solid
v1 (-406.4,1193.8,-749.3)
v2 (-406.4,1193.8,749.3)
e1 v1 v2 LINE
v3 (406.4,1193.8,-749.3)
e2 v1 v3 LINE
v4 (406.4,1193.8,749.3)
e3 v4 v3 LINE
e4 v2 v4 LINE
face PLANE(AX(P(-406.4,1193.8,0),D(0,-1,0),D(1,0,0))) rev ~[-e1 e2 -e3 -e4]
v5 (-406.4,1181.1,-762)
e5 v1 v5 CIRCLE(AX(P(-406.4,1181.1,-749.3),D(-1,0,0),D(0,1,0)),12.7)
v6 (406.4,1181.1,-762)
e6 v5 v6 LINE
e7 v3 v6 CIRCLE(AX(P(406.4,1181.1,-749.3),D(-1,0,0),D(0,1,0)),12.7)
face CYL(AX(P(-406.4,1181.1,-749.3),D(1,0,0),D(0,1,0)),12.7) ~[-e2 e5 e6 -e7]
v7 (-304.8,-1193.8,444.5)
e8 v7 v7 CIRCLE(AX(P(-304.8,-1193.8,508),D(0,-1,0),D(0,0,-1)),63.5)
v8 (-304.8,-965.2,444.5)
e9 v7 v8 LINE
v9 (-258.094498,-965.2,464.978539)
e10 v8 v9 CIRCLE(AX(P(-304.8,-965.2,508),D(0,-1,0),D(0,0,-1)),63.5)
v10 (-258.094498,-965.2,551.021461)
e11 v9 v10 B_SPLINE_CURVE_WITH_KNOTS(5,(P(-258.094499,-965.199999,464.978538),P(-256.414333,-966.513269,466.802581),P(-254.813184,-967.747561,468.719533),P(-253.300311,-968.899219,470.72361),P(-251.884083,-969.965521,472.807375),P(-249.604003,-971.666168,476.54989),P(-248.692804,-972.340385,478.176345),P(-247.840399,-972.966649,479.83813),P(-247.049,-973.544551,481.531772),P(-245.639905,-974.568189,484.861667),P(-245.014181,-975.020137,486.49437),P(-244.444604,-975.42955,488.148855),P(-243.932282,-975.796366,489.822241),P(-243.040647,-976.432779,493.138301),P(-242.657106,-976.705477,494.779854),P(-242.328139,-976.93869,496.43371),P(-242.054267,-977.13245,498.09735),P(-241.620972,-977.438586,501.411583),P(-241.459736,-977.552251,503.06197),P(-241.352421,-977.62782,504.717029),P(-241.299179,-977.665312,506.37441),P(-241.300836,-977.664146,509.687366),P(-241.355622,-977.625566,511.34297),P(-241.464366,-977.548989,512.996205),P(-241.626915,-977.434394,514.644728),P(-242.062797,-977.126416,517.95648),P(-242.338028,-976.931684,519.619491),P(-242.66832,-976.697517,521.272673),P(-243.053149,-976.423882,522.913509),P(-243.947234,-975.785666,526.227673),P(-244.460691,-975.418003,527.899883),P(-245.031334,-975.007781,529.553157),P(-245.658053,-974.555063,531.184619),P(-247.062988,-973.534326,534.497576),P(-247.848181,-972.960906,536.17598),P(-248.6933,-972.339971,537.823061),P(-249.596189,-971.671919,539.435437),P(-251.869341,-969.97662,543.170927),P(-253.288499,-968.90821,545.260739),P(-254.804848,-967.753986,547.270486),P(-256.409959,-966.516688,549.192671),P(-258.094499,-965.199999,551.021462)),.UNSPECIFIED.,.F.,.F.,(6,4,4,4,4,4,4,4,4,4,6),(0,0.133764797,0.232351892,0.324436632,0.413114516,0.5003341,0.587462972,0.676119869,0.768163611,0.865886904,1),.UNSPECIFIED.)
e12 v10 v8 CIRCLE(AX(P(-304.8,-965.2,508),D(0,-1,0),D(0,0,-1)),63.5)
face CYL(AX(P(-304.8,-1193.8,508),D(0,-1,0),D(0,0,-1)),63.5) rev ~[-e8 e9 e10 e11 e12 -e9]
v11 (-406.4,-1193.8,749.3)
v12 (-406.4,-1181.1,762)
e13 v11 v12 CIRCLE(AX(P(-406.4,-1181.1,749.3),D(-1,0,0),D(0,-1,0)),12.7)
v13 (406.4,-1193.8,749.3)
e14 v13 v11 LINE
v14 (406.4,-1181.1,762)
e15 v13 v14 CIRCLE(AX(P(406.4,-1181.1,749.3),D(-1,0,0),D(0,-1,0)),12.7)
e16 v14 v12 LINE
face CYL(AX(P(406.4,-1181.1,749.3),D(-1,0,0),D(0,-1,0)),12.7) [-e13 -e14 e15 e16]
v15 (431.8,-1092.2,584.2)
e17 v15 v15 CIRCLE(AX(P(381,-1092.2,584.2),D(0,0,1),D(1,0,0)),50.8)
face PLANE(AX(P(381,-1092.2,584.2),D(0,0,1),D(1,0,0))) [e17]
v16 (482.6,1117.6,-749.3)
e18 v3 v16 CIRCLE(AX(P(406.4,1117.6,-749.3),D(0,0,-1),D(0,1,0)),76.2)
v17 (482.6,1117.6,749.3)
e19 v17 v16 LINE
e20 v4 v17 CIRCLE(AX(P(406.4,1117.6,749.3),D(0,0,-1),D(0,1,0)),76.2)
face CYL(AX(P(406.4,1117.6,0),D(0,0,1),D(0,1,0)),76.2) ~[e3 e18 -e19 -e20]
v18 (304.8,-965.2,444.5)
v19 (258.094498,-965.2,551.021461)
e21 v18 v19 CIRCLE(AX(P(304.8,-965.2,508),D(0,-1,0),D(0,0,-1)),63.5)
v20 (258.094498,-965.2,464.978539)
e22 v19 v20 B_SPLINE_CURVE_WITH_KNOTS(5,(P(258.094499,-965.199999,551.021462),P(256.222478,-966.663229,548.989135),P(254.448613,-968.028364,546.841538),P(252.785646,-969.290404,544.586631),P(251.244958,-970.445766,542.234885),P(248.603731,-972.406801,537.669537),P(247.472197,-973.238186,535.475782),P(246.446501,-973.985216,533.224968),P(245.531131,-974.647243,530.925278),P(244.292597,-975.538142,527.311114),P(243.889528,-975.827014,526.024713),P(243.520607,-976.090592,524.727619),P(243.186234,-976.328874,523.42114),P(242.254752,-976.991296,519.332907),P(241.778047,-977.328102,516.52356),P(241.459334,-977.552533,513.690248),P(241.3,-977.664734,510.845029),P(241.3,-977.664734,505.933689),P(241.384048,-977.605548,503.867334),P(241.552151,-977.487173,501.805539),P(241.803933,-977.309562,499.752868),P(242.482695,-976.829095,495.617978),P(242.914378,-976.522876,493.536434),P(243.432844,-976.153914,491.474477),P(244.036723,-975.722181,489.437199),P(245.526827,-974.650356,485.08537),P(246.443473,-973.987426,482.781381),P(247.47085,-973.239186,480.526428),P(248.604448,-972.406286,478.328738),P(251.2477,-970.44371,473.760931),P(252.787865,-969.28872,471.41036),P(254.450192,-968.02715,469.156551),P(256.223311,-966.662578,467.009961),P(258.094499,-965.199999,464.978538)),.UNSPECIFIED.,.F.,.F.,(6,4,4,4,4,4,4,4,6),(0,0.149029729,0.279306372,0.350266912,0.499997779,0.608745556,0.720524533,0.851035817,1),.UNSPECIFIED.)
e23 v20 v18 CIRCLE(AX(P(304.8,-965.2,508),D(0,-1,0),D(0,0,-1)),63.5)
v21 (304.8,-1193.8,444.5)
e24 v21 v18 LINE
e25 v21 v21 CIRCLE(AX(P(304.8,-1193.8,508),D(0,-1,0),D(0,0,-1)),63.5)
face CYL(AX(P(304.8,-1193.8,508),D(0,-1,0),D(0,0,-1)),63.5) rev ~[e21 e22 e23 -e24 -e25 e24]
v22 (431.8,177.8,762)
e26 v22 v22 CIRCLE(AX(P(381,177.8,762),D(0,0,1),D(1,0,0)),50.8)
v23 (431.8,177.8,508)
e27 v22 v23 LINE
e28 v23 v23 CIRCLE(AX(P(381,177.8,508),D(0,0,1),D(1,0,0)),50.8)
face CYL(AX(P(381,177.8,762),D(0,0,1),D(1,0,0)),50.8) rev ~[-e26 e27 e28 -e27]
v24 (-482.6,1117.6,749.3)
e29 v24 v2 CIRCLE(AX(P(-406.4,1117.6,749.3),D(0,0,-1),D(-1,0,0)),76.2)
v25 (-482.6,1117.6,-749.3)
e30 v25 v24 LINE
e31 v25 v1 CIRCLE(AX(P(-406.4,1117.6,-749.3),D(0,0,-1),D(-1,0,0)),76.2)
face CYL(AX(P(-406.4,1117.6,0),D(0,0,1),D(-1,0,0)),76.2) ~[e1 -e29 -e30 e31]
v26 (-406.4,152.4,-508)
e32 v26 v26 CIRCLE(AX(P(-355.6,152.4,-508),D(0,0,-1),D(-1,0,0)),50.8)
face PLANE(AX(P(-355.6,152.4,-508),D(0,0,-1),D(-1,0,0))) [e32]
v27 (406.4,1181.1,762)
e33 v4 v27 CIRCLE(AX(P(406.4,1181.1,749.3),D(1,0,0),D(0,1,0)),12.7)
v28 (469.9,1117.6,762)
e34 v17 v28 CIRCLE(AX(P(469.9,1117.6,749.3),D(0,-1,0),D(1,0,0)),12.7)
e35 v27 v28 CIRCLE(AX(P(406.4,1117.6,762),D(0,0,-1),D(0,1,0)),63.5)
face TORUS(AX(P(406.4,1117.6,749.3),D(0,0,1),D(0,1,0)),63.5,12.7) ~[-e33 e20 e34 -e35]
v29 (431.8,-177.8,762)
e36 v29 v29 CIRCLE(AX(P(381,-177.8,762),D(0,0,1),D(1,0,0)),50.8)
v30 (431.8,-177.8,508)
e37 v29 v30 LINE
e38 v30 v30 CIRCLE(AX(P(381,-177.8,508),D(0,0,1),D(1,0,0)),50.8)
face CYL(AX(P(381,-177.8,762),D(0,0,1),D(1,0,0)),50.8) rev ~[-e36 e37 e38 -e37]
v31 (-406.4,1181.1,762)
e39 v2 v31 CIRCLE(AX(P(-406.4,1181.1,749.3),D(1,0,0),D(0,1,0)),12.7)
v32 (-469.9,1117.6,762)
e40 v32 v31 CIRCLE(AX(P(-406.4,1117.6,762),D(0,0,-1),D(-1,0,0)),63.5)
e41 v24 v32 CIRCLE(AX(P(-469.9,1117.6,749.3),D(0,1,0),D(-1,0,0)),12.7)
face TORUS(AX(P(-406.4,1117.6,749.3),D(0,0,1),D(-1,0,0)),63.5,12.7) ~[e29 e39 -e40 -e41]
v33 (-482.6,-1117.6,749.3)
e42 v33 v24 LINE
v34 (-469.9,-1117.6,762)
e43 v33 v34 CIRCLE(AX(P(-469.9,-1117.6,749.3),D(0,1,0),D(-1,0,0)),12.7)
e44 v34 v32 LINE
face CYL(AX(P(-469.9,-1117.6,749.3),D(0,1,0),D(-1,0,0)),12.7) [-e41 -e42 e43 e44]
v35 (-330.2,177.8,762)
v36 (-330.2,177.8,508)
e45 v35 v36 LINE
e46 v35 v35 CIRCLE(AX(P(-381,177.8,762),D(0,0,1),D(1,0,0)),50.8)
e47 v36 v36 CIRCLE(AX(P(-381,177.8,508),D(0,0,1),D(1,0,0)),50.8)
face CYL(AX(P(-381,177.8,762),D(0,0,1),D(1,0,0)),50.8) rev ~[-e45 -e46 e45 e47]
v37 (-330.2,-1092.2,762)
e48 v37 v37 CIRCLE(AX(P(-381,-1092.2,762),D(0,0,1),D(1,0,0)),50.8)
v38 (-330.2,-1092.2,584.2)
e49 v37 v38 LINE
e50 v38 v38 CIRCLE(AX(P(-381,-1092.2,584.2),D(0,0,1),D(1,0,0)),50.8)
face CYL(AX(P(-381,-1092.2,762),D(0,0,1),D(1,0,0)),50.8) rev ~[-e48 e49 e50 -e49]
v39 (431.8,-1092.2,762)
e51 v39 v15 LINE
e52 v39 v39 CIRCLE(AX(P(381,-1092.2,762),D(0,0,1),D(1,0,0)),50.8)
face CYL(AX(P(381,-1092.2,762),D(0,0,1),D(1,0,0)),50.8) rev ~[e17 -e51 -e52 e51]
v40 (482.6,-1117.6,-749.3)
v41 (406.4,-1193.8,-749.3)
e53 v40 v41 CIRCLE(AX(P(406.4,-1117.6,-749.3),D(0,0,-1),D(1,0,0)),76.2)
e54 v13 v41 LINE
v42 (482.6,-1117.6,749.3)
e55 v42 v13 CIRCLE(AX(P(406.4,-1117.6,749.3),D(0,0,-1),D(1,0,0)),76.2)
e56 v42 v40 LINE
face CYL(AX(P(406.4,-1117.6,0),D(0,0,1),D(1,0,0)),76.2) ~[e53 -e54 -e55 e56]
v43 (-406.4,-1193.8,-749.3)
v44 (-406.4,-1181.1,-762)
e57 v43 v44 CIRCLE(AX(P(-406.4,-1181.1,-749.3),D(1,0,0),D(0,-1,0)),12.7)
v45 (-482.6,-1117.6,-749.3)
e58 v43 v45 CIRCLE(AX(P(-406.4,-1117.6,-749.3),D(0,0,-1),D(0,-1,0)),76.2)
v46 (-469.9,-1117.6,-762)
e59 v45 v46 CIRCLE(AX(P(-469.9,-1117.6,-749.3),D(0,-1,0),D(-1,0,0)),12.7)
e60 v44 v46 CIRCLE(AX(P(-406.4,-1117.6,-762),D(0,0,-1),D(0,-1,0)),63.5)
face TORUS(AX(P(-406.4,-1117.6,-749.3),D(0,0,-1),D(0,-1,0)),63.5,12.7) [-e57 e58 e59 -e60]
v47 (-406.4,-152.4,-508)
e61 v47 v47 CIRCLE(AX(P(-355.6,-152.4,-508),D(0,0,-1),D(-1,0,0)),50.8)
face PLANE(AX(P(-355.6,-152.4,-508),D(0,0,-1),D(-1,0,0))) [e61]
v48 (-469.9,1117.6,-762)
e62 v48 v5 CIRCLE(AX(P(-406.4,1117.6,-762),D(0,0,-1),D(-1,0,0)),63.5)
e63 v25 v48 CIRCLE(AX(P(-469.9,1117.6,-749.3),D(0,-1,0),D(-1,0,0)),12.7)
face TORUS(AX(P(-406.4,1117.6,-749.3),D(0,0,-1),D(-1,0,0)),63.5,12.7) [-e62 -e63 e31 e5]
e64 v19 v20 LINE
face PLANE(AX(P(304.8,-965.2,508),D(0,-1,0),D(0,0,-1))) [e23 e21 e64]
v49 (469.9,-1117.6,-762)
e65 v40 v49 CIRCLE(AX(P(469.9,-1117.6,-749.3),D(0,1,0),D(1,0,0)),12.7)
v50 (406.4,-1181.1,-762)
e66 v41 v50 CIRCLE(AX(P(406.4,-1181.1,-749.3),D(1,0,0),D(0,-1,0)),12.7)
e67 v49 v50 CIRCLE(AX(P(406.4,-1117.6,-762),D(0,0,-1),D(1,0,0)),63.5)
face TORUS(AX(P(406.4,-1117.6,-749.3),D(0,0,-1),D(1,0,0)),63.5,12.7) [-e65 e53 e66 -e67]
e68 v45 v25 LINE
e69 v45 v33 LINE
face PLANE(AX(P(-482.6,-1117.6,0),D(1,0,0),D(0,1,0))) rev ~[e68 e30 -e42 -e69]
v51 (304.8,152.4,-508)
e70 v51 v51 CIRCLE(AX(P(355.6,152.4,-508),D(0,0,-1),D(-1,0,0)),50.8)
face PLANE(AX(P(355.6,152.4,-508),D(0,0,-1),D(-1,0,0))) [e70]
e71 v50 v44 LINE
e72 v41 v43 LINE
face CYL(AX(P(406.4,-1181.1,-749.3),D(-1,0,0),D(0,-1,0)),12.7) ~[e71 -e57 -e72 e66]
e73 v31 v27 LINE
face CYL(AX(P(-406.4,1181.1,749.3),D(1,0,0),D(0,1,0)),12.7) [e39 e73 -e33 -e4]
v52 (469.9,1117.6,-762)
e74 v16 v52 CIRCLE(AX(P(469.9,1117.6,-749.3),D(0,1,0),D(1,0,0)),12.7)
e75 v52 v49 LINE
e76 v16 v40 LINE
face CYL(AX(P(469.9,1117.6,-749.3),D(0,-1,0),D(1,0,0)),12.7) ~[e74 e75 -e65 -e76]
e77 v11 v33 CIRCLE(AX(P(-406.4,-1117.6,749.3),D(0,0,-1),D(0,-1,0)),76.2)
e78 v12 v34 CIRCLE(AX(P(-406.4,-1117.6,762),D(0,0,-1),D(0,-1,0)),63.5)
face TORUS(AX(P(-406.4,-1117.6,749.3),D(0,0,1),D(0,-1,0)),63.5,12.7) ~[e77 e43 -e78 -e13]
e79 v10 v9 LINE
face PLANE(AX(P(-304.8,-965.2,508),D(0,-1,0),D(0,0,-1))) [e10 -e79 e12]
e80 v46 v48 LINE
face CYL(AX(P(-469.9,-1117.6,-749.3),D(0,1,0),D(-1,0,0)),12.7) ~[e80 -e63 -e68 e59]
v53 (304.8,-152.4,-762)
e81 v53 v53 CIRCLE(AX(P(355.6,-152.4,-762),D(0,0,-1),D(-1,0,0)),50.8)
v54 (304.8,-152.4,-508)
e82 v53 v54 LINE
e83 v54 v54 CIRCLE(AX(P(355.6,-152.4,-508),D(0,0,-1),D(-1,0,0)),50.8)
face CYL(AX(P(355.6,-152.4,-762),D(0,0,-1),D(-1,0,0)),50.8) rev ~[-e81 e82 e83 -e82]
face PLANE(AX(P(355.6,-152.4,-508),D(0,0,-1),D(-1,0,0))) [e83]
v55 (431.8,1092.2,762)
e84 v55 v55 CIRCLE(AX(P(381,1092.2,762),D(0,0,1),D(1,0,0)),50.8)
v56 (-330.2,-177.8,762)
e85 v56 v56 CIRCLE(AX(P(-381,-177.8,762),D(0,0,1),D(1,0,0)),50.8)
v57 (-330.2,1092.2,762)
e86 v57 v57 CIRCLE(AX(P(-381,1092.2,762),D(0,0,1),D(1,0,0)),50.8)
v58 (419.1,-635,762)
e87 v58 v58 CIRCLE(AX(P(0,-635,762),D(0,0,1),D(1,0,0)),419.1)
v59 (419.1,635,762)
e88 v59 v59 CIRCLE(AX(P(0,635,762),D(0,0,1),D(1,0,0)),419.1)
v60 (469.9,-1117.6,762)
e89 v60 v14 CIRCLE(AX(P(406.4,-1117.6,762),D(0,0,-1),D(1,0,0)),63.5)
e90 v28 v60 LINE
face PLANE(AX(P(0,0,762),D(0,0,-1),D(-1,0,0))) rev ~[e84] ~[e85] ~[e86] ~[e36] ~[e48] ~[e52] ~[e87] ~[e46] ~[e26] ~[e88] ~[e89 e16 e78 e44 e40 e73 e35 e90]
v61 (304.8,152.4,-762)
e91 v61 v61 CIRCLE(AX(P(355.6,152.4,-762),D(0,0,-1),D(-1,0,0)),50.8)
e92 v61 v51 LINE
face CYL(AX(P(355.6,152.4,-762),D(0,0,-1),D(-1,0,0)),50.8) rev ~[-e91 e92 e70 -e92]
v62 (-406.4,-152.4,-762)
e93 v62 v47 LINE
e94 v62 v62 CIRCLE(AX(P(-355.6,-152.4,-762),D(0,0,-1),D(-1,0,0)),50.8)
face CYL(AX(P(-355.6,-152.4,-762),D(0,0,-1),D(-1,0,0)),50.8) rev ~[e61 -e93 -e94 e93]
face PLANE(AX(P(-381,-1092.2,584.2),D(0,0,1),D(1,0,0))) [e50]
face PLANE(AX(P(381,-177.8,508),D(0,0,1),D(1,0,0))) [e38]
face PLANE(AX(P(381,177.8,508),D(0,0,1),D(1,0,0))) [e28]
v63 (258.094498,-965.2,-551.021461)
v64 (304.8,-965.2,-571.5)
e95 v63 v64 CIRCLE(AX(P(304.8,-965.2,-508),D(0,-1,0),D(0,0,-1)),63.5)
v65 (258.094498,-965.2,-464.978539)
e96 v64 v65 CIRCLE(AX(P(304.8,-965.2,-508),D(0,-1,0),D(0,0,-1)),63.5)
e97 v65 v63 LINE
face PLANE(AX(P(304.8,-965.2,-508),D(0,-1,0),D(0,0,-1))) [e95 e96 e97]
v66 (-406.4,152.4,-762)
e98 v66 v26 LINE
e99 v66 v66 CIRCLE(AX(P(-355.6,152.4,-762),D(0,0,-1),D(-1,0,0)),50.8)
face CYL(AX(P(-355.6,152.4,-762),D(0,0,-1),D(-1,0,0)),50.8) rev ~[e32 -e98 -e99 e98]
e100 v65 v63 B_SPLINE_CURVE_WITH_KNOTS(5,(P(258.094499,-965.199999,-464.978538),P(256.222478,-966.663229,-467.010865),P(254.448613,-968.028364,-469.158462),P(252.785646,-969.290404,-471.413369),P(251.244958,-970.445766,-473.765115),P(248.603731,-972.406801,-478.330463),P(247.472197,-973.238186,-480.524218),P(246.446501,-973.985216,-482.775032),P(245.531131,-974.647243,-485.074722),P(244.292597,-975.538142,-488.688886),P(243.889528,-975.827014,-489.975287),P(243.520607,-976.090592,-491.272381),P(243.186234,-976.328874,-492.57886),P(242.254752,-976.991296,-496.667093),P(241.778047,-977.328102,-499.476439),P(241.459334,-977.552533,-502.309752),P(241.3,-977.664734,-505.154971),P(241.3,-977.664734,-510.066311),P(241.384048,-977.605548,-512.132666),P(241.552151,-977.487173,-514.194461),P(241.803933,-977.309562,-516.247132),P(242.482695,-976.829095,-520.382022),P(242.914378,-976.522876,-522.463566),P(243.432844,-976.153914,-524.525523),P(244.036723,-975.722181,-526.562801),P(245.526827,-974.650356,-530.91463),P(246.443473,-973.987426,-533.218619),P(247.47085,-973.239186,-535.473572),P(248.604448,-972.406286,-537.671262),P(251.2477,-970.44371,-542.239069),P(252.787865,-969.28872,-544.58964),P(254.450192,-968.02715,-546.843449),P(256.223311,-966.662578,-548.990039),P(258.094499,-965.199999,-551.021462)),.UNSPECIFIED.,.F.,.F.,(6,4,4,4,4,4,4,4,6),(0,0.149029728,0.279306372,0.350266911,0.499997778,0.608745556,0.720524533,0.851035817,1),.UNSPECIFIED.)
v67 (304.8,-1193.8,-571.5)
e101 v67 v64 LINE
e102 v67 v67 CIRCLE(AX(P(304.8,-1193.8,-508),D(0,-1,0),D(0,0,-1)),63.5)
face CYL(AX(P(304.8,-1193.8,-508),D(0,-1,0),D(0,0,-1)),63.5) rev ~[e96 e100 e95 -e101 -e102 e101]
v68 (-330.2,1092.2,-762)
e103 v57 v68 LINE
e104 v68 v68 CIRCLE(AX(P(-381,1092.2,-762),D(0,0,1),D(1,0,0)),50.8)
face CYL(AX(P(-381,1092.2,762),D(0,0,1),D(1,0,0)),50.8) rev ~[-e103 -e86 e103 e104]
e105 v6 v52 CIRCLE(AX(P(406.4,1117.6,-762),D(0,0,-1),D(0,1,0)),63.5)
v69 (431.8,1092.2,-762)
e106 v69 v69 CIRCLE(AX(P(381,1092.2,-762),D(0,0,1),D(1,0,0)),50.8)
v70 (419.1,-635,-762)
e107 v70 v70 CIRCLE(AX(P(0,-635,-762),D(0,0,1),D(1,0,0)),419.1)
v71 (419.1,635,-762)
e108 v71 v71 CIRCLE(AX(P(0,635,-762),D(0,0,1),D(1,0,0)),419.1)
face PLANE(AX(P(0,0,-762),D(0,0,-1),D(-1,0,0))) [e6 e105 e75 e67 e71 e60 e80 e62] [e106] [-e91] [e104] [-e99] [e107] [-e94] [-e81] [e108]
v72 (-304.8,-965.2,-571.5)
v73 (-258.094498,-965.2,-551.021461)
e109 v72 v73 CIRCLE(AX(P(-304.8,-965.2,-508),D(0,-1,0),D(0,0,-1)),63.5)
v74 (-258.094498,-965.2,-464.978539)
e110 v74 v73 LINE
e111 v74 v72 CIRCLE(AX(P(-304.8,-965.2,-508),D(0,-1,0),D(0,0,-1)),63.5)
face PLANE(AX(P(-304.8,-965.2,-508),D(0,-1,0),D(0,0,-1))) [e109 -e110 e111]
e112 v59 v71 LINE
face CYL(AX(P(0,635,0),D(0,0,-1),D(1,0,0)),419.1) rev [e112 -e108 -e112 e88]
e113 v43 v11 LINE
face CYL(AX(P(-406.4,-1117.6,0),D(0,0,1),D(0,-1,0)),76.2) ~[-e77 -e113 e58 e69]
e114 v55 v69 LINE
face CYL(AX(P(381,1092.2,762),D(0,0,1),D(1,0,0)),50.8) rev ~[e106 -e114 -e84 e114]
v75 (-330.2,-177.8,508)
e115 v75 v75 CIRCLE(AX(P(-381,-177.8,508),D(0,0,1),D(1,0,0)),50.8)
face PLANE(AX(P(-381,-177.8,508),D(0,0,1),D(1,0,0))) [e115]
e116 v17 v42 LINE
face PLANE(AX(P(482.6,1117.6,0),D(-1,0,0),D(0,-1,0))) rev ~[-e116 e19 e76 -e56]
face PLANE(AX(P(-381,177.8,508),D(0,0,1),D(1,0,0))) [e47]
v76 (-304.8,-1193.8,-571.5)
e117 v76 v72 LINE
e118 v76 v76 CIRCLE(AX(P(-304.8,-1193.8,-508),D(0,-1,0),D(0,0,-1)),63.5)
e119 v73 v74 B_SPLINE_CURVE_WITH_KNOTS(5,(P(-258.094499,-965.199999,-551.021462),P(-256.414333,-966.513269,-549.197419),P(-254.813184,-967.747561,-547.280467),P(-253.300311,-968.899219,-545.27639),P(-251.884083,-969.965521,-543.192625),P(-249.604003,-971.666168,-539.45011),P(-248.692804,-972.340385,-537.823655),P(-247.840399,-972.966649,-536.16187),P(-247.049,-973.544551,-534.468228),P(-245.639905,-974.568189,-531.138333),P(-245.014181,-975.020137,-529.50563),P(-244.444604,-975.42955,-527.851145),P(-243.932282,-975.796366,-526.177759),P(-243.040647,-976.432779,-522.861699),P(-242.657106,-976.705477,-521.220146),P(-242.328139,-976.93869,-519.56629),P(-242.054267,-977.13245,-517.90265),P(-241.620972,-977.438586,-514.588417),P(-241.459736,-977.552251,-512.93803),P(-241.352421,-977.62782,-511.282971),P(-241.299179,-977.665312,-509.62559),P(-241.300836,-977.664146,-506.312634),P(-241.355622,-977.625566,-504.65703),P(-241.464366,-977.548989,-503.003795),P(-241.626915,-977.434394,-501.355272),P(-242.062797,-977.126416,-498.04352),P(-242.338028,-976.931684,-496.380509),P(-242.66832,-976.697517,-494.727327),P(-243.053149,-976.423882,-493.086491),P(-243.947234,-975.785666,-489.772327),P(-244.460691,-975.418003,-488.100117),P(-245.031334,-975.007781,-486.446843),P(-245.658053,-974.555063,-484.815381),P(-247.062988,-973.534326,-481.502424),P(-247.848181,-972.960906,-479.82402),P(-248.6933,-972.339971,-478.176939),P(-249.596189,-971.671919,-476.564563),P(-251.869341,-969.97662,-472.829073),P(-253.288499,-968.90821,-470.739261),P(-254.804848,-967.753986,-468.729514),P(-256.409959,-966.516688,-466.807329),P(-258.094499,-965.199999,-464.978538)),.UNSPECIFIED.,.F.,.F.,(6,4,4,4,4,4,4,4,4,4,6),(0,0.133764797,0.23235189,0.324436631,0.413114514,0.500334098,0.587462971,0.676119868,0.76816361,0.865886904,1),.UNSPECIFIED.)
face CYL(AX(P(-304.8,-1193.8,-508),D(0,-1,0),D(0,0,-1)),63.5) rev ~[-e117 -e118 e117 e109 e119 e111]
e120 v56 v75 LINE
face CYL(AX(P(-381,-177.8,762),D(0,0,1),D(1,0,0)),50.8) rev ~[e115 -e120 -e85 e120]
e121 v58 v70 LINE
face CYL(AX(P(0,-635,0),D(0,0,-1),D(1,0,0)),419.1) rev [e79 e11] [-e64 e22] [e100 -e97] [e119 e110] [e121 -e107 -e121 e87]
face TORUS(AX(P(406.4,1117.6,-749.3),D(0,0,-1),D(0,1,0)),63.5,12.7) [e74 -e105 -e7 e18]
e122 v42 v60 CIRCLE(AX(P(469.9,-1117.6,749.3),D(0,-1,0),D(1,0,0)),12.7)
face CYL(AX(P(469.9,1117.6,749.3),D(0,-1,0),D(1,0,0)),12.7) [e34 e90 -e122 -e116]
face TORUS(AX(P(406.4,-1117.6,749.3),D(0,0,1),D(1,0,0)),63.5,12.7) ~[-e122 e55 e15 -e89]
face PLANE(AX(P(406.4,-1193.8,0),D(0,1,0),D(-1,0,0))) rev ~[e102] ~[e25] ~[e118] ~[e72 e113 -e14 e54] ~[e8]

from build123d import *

# Parameters (mm, degrees)
SKETCH1_R           = 419.1
BOSS_EXTRUDE1_DEPTH = 762
SKETCH2_R           = 50.8
CUT_EXTRUDE1_DEPTH  = 254
SKETCH3_R           = 50.8
CUT_EXTRUDE2_DEPTH  = 177.8
SKETCH4_R           = 50.8
CUT_EXTRUDE3_DEPTH  = 1996.153427684
FILLET1_R           = 12.7
SKETCH5_R           = 63.5
CUT_EXTRUDE4_DEPTH  = 228.6
SKETCH7_R           = 50.8
CUT_EXTRUDE5_DEPTH  = 254


with BuildPart() as part:
    # Sketch1 → Boss-Extrude1 (new, symmetric)
    with BuildSketch(Plane.XY):
        with BuildLine():
            Line((-406.4, 1193.8), (406.4, 1193.8))
            ThreePointArc((406.4, 1193.8), (460.281536726, 1171.481536726), (482.6, 1117.6))
            Line((482.6, 1117.6), (482.6, -1117.6))
            ThreePointArc((482.6, -1117.6), (460.281536726, -1171.481536726), (406.4, -1193.8))
            Line((406.4, -1193.8), (-406.4, -1193.8))
            ThreePointArc((-406.4, -1193.8), (-460.281536726, -1171.481536726), (-482.6, -1117.6))
            Line((-482.6, -1117.6), (-482.6, 1117.6))
            ThreePointArc((-482.6, 1117.6), (-460.281536726, 1171.481536726), (-406.4, 1193.8))
        make_face()
        with Locations((0, 635)):
            Circle(SKETCH1_R, mode=Mode.SUBTRACT)
        with Locations((0, -635)):
            Circle(SKETCH1_R, mode=Mode.SUBTRACT)
    extrude(amount=BOSS_EXTRUDE1_DEPTH, both=True)

    # Sketch2 → Cut-Extrude1 (cut)
    with BuildSketch(Plane.XY.offset(762)):
        with Locations((-381, 177.8)):
            Circle(SKETCH2_R)
        with Locations((-381, -177.8)):
            Circle(SKETCH2_R)
        with Locations((381, 177.8)):
            Circle(SKETCH2_R)
        with Locations((381, -177.8)):
            Circle(SKETCH2_R)
    extrude(amount=-CUT_EXTRUDE1_DEPTH, mode=Mode.SUBTRACT)

    # Sketch3 → Cut-Extrude2 (cut)
    with BuildSketch(Plane.XY.offset(762)):
        with Locations((-381, -1092.2)):
            Circle(SKETCH3_R)
        with Locations((381, -1092.2)):
            Circle(SKETCH3_R)
    extrude(amount=-CUT_EXTRUDE2_DEPTH, mode=Mode.SUBTRACT)

    # Sketch4 → Cut-Extrude3 (cut, through all)
    with BuildSketch(Plane.XY.offset(762)):
        with Locations((-381, 1092.2)):
            Circle(SKETCH4_R)
        with Locations((381, 1092.2)):
            Circle(SKETCH4_R)
    extrude(amount=-CUT_EXTRUDE3_DEPTH, mode=Mode.SUBTRACT)

    # Fillet1
    fillet1_edges = [part.edges().sort_by_distance(p)[0] for p in [
        (0, 1193.8, -762),
        (460.281536726, 1171.481536726, -762),
        (482.6, 0, -762),
        (460.281536726, -1171.481536726, -762),
        (460.281536726, 1171.481536726, 762),
        (0, 1193.8, 762),
        (-460.281536726, 1171.481536726, 762),
        (-482.6, 0, 762),
        (-460.281536726, -1171.481536726, 762),
        (0, -1193.8, 762),
        (460.281536726, -1171.481536726, 762),
        (0, -1193.8, -762),
        (482.6, 0, 762),
        (-460.281536726, -1171.481536726, -762),
        (-482.6, 0, -762),
        (-460.281536726, 1171.481536726, -762),
    ]]
    fillet(fillet1_edges, radius=FILLET1_R)

    # Sketch5 → Cut-Extrude4 (cut)
    with BuildSketch(Plane.XZ.offset(1193.8)):
        with Locations(Location((-304.8, 508, 0), (0, 0, 270))):
            Circle(SKETCH5_R)
        with Locations(Location((304.8, 508, 0), (0, 0, 270))):
            Circle(SKETCH5_R)
        with Locations(Location((-304.8, -508, 0), (0, 0, 270))):
            Circle(SKETCH5_R)
        with Locations(Location((304.8, -508, 0), (0, 0, 270))):
            Circle(SKETCH5_R)
    extrude(amount=-CUT_EXTRUDE4_DEPTH, mode=Mode.SUBTRACT)

    # Sketch7 → Cut-Extrude5 (cut)
    with BuildSketch(Plane(origin=(0, 0, -762), x_dir=(-1, 0, 0), z_dir=(0, 0, -1))):
        with Locations((-355.6, 152.4)):
            Circle(SKETCH7_R)
        with Locations((-355.6, -152.4)):
            Circle(SKETCH7_R)
        with Locations((355.6, 152.4)):
            Circle(SKETCH7_R)
        with Locations((355.6, -152.4)):
            Circle(SKETCH7_R)
    extrude(amount=-CUT_EXTRUDE5_DEPTH, mode=Mode.SUBTRACT)


solid = part.part
